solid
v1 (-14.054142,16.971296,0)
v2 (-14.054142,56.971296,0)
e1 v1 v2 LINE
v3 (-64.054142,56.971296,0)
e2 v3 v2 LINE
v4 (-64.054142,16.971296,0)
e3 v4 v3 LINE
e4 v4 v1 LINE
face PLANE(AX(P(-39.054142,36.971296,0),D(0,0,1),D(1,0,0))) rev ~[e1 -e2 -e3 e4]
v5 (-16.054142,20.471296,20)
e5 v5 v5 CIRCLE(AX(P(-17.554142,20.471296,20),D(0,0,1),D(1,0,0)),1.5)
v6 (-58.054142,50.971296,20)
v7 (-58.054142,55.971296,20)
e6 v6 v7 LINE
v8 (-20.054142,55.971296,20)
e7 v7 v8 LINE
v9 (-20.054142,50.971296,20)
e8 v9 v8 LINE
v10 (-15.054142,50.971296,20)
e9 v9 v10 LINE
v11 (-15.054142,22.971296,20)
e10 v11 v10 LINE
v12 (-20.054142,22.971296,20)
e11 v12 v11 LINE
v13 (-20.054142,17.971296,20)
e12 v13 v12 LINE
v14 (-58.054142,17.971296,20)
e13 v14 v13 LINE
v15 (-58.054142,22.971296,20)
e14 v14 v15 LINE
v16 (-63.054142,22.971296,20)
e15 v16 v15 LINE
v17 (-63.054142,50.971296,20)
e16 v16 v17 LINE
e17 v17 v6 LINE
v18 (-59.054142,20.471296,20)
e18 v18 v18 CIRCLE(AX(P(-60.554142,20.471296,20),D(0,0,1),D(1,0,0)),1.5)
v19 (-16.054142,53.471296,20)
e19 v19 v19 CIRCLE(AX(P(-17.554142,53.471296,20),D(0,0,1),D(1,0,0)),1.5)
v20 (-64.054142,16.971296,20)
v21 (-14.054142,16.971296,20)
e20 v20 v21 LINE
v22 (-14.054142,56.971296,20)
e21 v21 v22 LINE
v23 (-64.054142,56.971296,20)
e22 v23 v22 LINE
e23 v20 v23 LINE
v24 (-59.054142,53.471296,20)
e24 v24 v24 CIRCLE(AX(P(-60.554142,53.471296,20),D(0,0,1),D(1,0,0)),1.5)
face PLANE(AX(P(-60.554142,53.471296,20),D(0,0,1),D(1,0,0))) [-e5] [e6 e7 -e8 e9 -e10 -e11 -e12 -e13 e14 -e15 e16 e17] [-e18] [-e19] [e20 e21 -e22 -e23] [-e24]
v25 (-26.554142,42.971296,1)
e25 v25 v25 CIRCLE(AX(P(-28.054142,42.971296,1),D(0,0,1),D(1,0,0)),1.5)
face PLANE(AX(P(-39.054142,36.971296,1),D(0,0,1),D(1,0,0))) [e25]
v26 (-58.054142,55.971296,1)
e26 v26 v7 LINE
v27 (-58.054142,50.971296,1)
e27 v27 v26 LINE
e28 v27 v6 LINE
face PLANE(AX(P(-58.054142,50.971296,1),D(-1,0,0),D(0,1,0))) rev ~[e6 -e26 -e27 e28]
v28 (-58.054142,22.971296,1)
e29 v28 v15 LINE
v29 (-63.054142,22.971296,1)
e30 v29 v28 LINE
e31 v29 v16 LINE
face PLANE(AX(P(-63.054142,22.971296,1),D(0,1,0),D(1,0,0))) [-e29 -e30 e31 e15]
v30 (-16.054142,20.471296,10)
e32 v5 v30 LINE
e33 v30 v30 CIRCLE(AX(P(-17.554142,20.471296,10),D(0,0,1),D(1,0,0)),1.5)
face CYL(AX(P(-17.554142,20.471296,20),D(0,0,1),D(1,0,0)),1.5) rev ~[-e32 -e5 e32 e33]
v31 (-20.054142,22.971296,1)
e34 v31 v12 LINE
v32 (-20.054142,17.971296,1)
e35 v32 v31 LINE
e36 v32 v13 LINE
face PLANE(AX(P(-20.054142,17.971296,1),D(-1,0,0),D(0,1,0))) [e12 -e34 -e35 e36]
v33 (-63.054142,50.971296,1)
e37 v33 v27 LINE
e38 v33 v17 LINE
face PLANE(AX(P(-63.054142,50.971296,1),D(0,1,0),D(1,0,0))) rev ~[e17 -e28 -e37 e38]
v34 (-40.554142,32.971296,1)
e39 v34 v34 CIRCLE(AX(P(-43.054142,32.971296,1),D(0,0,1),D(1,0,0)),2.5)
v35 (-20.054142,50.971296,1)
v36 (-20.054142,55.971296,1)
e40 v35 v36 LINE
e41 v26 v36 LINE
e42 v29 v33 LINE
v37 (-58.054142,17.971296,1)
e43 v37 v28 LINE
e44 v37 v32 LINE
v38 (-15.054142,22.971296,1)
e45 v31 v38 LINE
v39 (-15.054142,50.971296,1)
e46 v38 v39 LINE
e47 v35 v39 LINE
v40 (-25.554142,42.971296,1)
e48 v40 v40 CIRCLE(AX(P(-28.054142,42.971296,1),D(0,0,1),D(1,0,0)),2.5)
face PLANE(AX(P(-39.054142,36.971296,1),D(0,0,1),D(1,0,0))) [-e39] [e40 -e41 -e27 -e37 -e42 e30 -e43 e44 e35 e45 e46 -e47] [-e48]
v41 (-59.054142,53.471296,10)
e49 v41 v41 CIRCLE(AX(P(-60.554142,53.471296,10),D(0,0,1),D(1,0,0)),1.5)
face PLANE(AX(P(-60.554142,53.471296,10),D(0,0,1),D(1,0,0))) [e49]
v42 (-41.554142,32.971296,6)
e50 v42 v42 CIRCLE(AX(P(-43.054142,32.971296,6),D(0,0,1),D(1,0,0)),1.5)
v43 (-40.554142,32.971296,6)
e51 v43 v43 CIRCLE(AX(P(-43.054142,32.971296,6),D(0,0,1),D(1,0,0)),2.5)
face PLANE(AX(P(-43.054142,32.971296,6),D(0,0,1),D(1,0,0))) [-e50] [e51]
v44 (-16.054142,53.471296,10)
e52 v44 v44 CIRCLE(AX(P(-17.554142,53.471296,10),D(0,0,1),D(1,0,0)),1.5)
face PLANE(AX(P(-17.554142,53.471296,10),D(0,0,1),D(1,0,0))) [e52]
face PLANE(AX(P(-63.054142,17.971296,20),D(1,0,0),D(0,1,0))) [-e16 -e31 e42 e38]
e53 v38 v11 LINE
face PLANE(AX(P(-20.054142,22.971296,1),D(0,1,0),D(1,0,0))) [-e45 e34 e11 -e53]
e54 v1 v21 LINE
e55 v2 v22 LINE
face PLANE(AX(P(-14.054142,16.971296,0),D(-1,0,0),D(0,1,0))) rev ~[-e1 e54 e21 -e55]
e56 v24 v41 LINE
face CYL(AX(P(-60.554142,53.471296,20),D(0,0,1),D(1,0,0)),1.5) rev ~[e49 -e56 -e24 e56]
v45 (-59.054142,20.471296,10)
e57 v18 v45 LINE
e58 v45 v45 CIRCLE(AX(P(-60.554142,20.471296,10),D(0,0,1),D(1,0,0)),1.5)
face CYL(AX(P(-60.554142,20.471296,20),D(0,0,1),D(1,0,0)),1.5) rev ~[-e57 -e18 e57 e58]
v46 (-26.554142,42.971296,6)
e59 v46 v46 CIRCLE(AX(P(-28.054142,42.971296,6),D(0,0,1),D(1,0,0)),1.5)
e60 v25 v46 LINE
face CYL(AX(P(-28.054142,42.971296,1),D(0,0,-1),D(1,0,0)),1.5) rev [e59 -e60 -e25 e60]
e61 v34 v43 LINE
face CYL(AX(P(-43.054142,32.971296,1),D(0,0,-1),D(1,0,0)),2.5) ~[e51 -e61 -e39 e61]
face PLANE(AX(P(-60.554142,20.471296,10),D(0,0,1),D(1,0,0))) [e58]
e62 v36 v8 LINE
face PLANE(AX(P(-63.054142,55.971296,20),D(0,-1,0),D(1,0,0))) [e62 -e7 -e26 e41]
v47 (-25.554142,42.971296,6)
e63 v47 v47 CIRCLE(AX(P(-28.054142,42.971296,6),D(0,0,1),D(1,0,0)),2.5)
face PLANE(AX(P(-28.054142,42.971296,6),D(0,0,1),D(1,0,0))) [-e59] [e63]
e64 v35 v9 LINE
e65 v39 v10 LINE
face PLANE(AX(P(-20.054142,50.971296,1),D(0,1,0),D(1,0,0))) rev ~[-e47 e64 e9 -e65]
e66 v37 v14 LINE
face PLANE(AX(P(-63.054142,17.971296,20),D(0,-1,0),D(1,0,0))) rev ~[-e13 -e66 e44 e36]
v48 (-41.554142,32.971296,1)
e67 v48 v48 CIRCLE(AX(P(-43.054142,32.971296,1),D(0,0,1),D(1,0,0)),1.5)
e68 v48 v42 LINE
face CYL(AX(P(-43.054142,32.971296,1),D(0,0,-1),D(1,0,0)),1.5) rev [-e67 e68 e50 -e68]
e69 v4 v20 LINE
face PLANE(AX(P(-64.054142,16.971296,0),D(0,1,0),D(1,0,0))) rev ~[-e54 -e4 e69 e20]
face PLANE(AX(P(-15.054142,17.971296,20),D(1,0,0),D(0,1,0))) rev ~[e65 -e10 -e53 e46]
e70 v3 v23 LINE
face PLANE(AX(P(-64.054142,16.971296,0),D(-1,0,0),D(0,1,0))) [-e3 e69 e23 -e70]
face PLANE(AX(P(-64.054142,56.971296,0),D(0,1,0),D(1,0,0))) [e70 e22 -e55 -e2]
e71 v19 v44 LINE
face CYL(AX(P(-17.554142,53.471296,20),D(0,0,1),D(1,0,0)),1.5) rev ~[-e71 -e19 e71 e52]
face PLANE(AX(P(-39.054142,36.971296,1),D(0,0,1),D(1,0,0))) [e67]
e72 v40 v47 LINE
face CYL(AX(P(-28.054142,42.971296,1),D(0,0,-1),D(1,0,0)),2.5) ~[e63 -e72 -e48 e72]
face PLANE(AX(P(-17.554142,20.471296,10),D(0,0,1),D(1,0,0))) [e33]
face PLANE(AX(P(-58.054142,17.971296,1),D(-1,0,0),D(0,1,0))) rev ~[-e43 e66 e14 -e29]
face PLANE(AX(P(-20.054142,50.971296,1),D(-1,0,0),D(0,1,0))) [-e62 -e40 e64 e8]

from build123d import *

# Parameters (mm, degrees)
F0_W      = 50
F0_H      = 40
F1_DEPTH  = 20
F2_W      = 48
F2_H      = 38
F3_DEPTH  = 19
F4_W      = 5
F4_H      = 5
F5_DEPTH  = 19
F6_R      = 1.5
F7_DEPTH  = 10
F9_R      = 2.5
F9_R_2    = 1.5
F10_DEPTH = 5


with BuildPart() as f1:
    # F0 (on Top) → F1 (new body)
    with BuildSketch(Plane.XY):
        with Locations((-39.054142, 36.971296)):
            Rectangle(F0_W, F0_H)
    extrude(amount=F1_DEPTH)

    # F2 (on face) → F3 (cut)
    with BuildSketch(Plane.XY.offset(20)):
        with Locations((-39.054142, 36.971296)):
            Rectangle(F2_W, F2_H)
    extrude(amount=-F3_DEPTH, mode=Mode.SUBTRACT)

    # F4 (on face) → F5 (join)
    with BuildSketch(Plane.XY.offset(1)):
        with Locations((-60.554142, 53.471296)):
            Rectangle(F4_W, F4_H)
        with Locations((-60.554142, 20.471296)):
            Rectangle(F4_W, F4_H)
        with Locations((-17.554142, 53.471296)):
            Rectangle(F4_W, F4_H)
        with Locations((-17.554142, 20.471296)):
            Rectangle(F4_W, F4_H)
    extrude(amount=F5_DEPTH)

    # F6 (on face) → F7 (cut)
    with BuildSketch(Plane.XY.offset(20)):
        with Locations((-60.554142, 53.471296)):
            Circle(F6_R)
        with Locations((-60.554142, 20.471296)):
            Circle(F6_R)
        with Locations((-17.554142, 20.471296)):
            Circle(F6_R)
        with Locations((-17.554142, 53.471296)):
            Circle(F6_R)
    extrude(amount=-F7_DEPTH, mode=Mode.SUBTRACT)

    # F9 (on face) → F10 (join)
    with BuildSketch(Plane.XY.offset(1)):
        with Locations((-43.054142, 32.971296)):
            Circle(F9_R)
        with Locations((-43.054142, 32.971296)):
            Circle(F9_R_2, mode=Mode.SUBTRACT)
        with Locations((-28.054142, 42.971296)):
            Circle(F9_R)
        with Locations((-28.054142, 42.971296)):
            Circle(F9_R_2, mode=Mode.SUBTRACT)
    extrude(amount=F10_DEPTH)


solid = f1.part
